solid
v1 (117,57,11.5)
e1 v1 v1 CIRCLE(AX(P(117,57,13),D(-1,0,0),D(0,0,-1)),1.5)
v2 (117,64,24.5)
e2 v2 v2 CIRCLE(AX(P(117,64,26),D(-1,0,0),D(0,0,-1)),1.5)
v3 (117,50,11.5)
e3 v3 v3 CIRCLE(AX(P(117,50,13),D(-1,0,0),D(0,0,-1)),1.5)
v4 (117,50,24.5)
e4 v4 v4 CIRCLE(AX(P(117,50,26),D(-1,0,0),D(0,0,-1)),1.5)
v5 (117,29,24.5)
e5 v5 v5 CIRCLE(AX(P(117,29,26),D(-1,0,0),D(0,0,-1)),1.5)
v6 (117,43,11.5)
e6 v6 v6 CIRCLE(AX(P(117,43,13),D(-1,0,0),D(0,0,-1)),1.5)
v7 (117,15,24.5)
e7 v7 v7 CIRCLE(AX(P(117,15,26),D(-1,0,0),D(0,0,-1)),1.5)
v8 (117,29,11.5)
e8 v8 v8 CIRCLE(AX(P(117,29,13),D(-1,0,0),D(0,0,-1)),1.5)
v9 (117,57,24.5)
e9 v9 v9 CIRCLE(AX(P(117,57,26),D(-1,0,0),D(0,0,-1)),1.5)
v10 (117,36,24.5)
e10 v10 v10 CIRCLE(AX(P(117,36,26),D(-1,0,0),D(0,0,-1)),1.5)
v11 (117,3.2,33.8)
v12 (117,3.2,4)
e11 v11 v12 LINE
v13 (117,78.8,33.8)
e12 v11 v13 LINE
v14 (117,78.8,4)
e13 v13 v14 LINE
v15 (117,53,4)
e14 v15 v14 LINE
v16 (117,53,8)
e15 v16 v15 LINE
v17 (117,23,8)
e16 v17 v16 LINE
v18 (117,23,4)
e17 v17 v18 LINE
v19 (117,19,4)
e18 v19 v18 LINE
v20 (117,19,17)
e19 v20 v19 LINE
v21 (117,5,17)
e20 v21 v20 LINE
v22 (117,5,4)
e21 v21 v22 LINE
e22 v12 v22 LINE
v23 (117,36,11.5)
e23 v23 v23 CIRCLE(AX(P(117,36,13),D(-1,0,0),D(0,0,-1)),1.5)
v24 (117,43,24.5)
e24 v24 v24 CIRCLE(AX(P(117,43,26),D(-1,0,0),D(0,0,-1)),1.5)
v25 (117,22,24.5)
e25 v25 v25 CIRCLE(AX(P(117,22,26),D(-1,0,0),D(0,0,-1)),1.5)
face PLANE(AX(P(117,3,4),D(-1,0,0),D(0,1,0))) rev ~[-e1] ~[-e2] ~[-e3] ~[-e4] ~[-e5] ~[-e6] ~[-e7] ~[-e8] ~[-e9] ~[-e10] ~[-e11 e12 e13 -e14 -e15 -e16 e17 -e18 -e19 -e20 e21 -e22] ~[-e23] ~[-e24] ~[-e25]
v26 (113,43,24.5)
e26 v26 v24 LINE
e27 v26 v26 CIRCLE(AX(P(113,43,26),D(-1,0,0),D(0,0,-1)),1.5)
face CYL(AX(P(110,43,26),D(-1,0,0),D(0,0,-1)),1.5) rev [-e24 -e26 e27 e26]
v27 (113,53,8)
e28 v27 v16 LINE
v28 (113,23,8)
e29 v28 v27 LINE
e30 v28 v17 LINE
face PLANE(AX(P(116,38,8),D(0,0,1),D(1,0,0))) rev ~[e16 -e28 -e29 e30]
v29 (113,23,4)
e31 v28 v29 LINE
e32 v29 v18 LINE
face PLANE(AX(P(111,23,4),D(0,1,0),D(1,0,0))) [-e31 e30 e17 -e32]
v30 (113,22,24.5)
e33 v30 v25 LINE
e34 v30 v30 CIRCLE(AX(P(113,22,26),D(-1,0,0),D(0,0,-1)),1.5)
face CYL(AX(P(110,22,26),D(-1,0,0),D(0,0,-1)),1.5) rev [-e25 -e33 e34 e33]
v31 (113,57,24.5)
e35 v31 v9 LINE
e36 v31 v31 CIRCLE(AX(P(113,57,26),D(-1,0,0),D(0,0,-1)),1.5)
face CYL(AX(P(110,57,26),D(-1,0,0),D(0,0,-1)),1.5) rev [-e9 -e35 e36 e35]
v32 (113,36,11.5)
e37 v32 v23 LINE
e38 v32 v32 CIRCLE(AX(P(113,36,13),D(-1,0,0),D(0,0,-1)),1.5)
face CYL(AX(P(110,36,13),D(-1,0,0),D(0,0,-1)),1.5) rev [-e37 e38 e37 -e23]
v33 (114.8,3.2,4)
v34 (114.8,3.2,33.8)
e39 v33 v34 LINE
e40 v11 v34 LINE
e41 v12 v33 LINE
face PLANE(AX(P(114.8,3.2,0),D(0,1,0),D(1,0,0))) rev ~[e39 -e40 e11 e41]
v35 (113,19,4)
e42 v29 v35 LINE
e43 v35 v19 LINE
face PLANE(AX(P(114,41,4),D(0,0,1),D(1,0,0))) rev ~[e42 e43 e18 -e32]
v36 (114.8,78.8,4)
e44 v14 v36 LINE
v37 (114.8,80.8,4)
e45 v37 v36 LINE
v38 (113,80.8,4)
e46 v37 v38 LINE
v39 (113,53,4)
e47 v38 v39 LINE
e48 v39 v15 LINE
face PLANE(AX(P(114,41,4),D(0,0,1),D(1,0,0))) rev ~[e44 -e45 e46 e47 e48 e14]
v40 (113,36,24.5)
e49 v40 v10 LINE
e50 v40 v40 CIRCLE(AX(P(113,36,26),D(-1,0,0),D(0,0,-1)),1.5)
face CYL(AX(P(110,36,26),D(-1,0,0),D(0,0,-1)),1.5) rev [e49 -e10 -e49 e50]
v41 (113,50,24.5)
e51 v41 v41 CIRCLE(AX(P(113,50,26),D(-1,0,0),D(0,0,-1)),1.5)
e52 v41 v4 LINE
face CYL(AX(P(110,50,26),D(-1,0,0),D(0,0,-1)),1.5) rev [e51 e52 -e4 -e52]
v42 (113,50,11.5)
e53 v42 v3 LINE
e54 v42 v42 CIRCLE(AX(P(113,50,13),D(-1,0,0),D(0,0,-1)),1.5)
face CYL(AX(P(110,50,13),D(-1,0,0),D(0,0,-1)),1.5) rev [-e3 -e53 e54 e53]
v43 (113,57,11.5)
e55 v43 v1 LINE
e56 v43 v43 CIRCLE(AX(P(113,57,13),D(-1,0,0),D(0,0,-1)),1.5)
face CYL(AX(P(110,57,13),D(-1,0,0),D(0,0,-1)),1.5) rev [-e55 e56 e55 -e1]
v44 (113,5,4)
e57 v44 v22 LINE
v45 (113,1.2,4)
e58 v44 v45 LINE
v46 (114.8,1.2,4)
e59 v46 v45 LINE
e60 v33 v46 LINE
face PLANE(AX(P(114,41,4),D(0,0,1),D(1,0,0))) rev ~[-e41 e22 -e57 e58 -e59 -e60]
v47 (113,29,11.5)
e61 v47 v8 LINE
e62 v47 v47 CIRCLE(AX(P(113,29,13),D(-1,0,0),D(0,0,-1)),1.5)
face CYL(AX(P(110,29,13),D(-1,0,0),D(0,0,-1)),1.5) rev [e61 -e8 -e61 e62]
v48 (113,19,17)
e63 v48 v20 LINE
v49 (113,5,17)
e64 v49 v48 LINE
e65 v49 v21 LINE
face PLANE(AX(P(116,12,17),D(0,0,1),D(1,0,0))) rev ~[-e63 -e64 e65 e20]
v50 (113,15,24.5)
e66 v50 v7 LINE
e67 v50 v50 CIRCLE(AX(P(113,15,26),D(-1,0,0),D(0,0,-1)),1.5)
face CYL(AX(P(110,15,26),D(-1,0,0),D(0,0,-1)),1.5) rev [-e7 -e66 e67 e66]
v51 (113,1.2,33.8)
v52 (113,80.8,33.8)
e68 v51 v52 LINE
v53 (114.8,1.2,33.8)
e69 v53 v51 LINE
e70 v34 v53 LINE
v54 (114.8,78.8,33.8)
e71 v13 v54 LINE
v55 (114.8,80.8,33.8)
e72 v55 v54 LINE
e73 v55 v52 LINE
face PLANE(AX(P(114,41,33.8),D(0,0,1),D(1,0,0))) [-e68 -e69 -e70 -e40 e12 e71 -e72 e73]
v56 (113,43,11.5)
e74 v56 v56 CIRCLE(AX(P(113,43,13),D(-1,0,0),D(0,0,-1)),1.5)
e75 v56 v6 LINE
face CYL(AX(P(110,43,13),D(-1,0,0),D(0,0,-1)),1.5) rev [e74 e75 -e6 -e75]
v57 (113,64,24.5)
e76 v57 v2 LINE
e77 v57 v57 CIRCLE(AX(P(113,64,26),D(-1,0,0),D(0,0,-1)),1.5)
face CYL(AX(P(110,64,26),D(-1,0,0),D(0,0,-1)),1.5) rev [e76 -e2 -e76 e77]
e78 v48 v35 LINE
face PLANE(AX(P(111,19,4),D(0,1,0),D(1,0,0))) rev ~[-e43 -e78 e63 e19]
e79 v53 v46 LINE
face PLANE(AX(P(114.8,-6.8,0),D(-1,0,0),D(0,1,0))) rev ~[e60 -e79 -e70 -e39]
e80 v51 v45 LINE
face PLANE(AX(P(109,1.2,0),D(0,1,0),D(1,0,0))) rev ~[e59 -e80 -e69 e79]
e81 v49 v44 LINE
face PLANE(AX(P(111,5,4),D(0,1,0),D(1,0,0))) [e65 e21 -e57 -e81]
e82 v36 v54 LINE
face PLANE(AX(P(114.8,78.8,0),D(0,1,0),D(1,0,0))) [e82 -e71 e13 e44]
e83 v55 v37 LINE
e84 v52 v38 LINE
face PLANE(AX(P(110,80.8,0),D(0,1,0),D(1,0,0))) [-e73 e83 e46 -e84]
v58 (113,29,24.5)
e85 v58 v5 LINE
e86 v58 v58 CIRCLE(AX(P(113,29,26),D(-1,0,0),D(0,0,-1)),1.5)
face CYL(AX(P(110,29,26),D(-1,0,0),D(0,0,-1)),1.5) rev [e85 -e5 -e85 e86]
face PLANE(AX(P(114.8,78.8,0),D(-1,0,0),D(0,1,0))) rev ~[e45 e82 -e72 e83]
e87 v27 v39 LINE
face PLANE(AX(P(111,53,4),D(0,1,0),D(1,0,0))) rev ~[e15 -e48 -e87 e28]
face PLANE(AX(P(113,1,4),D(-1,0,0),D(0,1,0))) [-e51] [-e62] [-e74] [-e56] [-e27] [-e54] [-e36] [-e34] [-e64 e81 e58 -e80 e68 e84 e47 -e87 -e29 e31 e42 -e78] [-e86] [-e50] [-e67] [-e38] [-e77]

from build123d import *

# Parameters (mm, degrees)
CYLINDER007_R     = 1.5
CYLINDER007_DEPTH = 10
ARRAY014_Y_COUNT  = 8
ARRAY014_Y_PITCH  = 7
BOX052_W          = 10
BOX052_H          = 14
BOX052_DEPTH      = 13
BOX053_W          = 10
BOX053_H          = 30
BOX053_DEPTH      = 4
CYLINDER006_R     = 1.5
CYLINDER006_DEPTH = 10
ARRAY013_Y_COUNT  = 5
ARRAY013_Y_PITCH  = 7
BOX051_W          = 10
BOX051_H          = 10
BOX051_DEPTH      = 50
BOX050_W          = 10
BOX050_H          = 10
BOX050_DEPTH      = 50
BOX049_W          = 10
BOX049_H          = 10
BOX049_DEPTH      = 50
BOX048_W          = 10
BOX048_H          = 10
BOX048_DEPTH      = 50
BOX046_W          = 2
BOX046_H          = 80
BOX046_DEPTH      = 29.8
BOX047_W          = 4
BOX047_H          = 76
BOX047_DEPTH      = 29.8


with BuildPart() as array014:
    # Cylinder007 → Cylinder007 (new body)
    with BuildSketch(Plane(origin=(110, 25, 13), x_dir=(0, 0, -1), z_dir=(1, 0, 0))):
        Circle(CYLINDER007_R)
    extrude(amount=CYLINDER007_DEPTH)

    # Array014 Y: Array014 ×8


with BuildPart() as array014_1:
    add(array014.part)
    with Locations(*[(0, i * ARRAY014_Y_PITCH, 0) for i in range(1, ARRAY014_Y_COUNT)]):
        add(array014.part)


with BuildPart() as array014_2:
    # Array014 placement: moved
    add(array014_1.part.moved(Location((0, -10, 13))))


with BuildPart() as cube012:
    # Box052 → Box052 (new body)
    with BuildSketch(Plane(origin=(111, 5, 4), x_dir=(1, 0, 0), z_dir=(0, 0, 1))):
        with Locations((5, 7)):
            Rectangle(BOX052_W, BOX052_H)
    extrude(amount=BOX052_DEPTH)


with BuildPart() as cube013:
    # Box053 → Box053 (new body)
    with BuildSketch(Plane(origin=(111, 23, 4), x_dir=(1, 0, 0), z_dir=(0, 0, 1))):
        with Locations((5, 15)):
            Rectangle(BOX053_W, BOX053_H)
    extrude(amount=BOX053_DEPTH)


with BuildPart() as fusion008032:
    # Cylinder006 → Cylinder006 (new body)
    with BuildSketch(Plane(origin=(110, 25, 13), x_dir=(0, 0, -1), z_dir=(1, 0, 0))):
        Circle(CYLINDER006_R)
    extrude(amount=CYLINDER006_DEPTH)

    # Array013 Y: Fusion008032 ×5


with BuildPart() as fusion008032_1:
    add(fusion008032.part)
    with Locations(*[(0, i * ARRAY013_Y_PITCH, 0) for i in range(1, ARRAY013_Y_COUNT)]):
        add(fusion008032.part)


with BuildPart() as fusion008032_2:
    # Array013 placement: moved
    add(fusion008032_1.part.moved(Location((0, 4, 0))))

    # Fusion008032: union Array014, Cube012, Cube013
    add(array014_2.part)
    add(cube012.part)
    add(cube013.part)


with BuildPart() as w_rfel037:
    # Box051 → Box051 (new body)
    with BuildSketch(Plane(origin=(110, 80.8, 0), x_dir=(1, 0, 0), z_dir=(0, 0, 1))):
        with Locations((5, 5)):
            Rectangle(BOX051_W, BOX051_H)
    extrude(amount=BOX051_DEPTH)


with BuildPart() as w_rfel036:
    # Box050 → Box050 (new body)
    with BuildSketch(Plane(origin=(109, -8.8, 0), x_dir=(1, 0, 0), z_dir=(0, 0, 1))):
        with Locations((5, 5)):
            Rectangle(BOX050_W, BOX050_H)
    extrude(amount=BOX050_DEPTH)


with BuildPart() as w_rfel035:
    # Box049 → Box049 (new body)
    with BuildSketch(Plane(origin=(114.8, 78.8, 0), x_dir=(1, 0, 0), z_dir=(0, 0, 1))):
        with Locations((5, 5)):
            Rectangle(BOX049_W, BOX049_H)
    extrude(amount=BOX049_DEPTH)


with BuildPart() as w_rfel034:
    # Box048 → Box048 (new body)
    with BuildSketch(Plane(origin=(114.8, -6.8, 0), x_dir=(1, 0, 0), z_dir=(0, 0, 1))):
        with Locations((5, 5)):
            Rectangle(BOX048_W, BOX048_H)
    extrude(amount=BOX048_DEPTH)


with BuildPart() as f_hrung003:
    # Box046 → Box046 (new body)
    with BuildSketch(Plane(origin=(113, 1, 23), x_dir=(1, 0, 0), z_dir=(0, 0, 1))):
        with Locations((1, 40)):
            Rectangle(BOX046_W, BOX046_H)
    extrude(amount=BOX046_DEPTH)


with BuildPart() as frontcover:
    # Box047 → Box047 (new body)
    with BuildSketch(Plane(origin=(113, 3, 23), x_dir=(1, 0, 0), z_dir=(0, 0, 1))):
        with Locations((2, 38)):
            Rectangle(BOX047_W, BOX047_H)
    extrude(amount=BOX047_DEPTH)

    # Fusion008031: union Führung003
    add(f_hrung003.part)


with BuildPart() as frontcover_1:
    # Fusion008031 placement: moved
    add(frontcover.part.moved(Location((0, 0, -19))))

    # Cut047: cut Würfel034
    add(w_rfel034.part, mode=Mode.SUBTRACT)

    # Cut048: cut Würfel035
    add(w_rfel035.part, mode=Mode.SUBTRACT)

    # Cut049: cut Würfel036
    add(w_rfel036.part, mode=Mode.SUBTRACT)

    # Cut050: cut Würfel037
    add(w_rfel037.part, mode=Mode.SUBTRACT)

    # Cut051: cut Fusion008032
    add(fusion008032_2.part, mode=Mode.SUBTRACT)


solid = frontcover_1.part
